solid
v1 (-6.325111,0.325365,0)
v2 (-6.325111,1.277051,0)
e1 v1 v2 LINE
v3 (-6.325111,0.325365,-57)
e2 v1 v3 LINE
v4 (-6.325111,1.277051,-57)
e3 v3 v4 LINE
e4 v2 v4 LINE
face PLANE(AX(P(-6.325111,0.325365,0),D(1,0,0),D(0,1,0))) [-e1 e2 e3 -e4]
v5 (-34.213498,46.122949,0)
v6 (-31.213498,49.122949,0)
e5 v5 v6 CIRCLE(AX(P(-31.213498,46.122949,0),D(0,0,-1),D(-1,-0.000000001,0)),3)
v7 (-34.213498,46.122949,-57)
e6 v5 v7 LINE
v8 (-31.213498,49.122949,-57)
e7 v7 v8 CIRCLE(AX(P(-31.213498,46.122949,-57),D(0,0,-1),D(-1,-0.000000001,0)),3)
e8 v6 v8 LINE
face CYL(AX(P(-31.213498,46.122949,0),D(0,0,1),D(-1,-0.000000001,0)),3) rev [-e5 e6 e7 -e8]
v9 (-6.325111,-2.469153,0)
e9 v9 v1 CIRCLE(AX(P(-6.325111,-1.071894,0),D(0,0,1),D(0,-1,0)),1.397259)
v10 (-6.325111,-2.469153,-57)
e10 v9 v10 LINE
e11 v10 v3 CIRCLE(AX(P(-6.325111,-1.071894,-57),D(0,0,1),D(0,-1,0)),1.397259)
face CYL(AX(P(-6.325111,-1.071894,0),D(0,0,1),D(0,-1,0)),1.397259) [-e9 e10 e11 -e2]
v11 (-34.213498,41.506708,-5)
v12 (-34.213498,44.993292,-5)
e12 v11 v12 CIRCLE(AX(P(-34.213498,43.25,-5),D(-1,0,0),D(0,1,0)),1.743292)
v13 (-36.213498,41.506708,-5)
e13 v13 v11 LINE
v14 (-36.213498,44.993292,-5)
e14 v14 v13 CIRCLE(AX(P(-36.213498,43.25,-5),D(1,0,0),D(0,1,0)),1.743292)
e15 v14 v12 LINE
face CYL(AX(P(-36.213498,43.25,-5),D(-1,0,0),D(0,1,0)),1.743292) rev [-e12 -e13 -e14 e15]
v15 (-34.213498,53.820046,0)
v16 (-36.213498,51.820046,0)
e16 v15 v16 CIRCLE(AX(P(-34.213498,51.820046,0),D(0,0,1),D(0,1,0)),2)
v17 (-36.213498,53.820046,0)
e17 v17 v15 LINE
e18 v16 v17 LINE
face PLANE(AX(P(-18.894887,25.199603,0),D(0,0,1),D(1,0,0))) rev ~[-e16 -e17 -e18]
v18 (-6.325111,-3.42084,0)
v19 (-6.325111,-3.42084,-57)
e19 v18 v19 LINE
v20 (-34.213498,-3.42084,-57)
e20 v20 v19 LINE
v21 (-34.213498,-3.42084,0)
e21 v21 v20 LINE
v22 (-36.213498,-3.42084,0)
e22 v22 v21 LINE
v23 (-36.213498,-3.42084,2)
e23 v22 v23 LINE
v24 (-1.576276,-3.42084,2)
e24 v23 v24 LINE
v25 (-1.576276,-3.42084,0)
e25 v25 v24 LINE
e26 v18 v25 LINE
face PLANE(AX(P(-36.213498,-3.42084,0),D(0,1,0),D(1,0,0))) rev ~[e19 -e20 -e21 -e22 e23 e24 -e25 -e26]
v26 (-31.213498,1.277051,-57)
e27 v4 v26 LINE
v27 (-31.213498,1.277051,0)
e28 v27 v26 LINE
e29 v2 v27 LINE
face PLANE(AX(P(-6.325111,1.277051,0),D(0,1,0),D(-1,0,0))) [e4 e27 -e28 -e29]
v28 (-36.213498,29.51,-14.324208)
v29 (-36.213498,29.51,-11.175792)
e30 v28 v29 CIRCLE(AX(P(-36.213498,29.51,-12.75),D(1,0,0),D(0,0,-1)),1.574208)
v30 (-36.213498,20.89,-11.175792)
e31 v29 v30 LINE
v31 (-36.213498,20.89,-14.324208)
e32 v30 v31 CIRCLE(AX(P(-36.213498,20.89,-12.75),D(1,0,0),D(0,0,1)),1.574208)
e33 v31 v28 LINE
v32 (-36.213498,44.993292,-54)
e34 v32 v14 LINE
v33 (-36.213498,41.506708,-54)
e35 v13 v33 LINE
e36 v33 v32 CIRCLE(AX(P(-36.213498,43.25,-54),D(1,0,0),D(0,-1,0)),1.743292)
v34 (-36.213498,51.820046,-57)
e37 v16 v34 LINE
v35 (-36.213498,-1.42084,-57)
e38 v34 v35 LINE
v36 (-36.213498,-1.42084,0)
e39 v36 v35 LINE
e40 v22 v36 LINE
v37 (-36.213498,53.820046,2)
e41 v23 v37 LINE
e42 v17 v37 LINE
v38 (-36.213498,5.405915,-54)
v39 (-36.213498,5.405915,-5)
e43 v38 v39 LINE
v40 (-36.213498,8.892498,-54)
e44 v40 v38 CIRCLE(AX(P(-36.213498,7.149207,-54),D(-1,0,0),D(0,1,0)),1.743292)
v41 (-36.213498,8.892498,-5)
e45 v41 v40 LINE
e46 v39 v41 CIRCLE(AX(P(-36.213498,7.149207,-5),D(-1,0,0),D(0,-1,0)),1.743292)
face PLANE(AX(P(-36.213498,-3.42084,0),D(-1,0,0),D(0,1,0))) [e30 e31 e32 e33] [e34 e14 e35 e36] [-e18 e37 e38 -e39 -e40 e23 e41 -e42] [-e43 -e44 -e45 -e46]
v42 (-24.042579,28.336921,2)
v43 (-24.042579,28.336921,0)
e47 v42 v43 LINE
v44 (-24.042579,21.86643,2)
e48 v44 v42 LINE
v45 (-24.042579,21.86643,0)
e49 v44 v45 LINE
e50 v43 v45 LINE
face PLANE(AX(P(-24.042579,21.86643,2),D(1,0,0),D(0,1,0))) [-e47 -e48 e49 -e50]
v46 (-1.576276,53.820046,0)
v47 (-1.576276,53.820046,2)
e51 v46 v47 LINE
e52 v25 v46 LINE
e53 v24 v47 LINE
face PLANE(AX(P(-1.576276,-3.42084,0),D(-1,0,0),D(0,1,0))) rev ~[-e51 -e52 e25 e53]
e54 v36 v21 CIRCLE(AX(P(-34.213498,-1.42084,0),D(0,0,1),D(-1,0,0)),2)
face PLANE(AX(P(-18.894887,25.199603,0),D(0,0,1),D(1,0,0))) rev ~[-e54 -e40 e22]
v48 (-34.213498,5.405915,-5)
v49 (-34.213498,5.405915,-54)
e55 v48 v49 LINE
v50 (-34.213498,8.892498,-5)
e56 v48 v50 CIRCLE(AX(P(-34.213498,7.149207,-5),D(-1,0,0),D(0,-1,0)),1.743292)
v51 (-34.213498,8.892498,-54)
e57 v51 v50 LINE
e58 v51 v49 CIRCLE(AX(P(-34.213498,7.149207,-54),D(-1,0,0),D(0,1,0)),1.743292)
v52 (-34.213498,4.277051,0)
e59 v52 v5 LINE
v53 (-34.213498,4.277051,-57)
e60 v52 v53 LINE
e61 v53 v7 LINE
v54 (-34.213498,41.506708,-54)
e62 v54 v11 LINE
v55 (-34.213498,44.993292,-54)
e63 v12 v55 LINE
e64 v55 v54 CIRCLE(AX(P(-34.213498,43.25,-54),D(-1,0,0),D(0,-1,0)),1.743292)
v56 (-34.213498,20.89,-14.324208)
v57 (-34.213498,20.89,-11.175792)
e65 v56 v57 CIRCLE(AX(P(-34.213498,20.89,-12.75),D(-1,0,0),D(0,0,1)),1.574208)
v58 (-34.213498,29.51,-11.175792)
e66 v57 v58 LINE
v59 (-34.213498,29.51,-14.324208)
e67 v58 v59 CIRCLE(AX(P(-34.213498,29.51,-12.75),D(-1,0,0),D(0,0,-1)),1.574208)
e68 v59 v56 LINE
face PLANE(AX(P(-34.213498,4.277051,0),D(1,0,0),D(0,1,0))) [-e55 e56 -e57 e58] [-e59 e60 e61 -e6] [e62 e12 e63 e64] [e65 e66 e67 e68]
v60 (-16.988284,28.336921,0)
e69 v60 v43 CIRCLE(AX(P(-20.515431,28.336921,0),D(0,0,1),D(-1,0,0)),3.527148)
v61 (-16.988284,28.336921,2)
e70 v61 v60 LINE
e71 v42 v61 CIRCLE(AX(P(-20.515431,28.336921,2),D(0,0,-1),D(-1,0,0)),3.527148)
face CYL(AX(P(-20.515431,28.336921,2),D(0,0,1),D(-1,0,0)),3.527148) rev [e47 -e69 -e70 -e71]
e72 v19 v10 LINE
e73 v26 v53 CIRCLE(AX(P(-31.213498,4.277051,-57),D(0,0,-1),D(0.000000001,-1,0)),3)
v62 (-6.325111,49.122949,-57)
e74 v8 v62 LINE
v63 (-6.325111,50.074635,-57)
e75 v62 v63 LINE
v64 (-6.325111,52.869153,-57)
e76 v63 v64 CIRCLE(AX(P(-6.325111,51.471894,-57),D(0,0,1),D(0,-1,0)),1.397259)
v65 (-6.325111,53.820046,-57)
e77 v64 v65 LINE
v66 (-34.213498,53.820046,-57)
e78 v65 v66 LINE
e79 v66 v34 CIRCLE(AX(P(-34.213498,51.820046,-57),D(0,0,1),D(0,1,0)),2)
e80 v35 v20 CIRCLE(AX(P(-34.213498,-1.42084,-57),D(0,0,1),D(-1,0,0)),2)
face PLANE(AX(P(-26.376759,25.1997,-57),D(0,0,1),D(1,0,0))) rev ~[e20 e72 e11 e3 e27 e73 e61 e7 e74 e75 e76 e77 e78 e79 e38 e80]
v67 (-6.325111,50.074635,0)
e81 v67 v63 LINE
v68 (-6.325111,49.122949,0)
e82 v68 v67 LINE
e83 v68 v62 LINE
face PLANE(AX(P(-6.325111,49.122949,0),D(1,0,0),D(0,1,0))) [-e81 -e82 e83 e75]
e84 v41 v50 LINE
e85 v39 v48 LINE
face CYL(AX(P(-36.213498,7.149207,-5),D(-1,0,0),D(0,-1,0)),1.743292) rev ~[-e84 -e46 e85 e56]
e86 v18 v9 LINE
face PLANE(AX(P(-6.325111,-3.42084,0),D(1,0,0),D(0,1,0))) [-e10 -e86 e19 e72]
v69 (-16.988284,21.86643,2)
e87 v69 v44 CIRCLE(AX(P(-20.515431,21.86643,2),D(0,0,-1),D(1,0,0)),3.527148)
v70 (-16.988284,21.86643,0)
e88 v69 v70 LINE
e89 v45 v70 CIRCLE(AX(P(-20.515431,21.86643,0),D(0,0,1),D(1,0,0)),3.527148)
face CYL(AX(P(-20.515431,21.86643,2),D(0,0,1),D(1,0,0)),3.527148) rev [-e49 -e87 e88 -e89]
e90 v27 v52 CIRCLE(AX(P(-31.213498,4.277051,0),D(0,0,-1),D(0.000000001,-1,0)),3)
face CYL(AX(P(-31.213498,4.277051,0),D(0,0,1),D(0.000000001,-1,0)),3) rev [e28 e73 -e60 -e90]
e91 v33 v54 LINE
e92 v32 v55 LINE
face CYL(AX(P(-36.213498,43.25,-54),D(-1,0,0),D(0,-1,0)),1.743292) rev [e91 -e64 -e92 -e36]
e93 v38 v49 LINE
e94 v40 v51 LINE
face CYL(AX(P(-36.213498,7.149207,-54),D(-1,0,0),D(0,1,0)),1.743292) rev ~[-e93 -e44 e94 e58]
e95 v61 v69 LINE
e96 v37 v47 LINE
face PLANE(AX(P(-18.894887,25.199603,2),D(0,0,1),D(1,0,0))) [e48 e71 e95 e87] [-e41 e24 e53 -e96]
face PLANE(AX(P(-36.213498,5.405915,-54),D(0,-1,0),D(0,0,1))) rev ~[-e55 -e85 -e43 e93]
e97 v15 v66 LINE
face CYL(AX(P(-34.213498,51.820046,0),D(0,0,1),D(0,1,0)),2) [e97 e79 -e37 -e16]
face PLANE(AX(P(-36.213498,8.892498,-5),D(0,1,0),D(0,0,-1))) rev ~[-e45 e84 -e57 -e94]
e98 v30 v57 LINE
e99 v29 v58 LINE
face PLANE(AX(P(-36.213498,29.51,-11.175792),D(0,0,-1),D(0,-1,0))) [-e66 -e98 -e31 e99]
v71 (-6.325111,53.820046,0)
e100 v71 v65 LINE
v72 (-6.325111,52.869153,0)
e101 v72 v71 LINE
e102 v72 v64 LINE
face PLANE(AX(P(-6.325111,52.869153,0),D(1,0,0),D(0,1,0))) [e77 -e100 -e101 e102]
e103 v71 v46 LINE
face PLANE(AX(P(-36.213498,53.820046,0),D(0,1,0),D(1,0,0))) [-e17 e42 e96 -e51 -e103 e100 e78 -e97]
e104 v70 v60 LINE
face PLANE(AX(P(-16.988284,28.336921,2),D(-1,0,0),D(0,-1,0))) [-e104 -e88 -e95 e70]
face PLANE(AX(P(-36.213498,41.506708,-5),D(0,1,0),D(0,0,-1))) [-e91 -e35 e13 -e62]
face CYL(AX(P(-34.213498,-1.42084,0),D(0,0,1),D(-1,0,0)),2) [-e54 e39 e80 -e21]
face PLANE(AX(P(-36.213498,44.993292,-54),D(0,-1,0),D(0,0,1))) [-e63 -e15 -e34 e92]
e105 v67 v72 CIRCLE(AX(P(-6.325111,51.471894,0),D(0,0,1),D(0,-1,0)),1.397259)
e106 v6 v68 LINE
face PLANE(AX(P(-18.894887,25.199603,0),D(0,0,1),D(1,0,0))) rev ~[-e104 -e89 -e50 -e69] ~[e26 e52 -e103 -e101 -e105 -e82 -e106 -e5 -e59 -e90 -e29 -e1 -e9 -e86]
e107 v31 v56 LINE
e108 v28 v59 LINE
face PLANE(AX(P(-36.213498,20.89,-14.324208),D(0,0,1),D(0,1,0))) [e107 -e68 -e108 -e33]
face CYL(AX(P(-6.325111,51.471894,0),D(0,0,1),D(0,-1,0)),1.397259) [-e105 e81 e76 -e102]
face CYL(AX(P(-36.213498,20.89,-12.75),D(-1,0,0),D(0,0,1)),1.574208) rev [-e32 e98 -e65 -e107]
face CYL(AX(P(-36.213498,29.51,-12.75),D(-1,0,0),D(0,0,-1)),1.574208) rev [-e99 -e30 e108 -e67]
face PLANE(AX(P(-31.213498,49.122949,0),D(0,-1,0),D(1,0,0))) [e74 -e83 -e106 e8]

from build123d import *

# Parameters (mm, degrees)
CROQUIS1_W              = 34.637221952
CROQUIS1_H              = 57.24088581
SALIENTE_EXTRUIR1_DEPTH = 2
SALIENTE_EXTRUIR2_DEPTH = 57
CORTAR_EXTRUIR1_DEPTH   = 3
CORTAR_EXTRUIR2_DEPTH   = 6
CORTAR_EXTRUIR3_REACH   = 61


with BuildPart() as part:
    # Croquis1 → Saliente-Extruir1 (new body)
    with BuildSketch(Plane.XY):
        with Locations((-18.894886619, 25.199603339)):
            Rectangle(CROQUIS1_W, CROQUIS1_H)
    extrude(amount=SALIENTE_EXTRUIR1_DEPTH)

    # Croquis3 → Saliente-Extruir2 (add)
    with BuildSketch(Plane(origin=(0, 0, 0), x_dir=(-1, 0, 0), z_dir=(0, 0, -1))):
        with BuildLine():
            Line((6.325110646, 52.869153193), (6.325110646, 53.820046244))
            Line((6.325110646, 53.820046244), (34.213497595, 53.820046244))
            ThreePointArc((34.213497595, 53.820046244), (35.627711158, 53.234259806), (36.213497595, 51.820046244))
            Line((36.213497595, 51.820046244), (36.213497595, -1.420839566))
            ThreePointArc((36.213497595, -1.420839566), (35.627711158, -2.835053128), (34.213497595, -3.420839566))
            Line((34.213497595, -3.420839566), (6.325110646, -3.420839566))
            Line((6.325110646, -3.420839566), (6.325110646, -2.469153193))
            ThreePointArc((6.325110646, -2.469153193), (4.927851766, -1.071894313), (6.325110646, 0.325364567))
            Line((6.325110646, 0.325364567), (6.325110646, 1.27705094))
            Line((6.325110646, 1.27705094), (31.213497595, 1.27705094))
            ThreePointArc((31.213497595, 1.27705094), (33.334817939, 2.155730596), (34.213497595, 4.27705094))
            Line((34.213497595, 4.27705094), (34.213497595, 46.12294906))
            ThreePointArc((34.213497595, 46.12294906), (33.334817939, 48.244269404), (31.213497595, 49.12294906))
            Line((31.213497595, 49.12294906), (6.325110646, 49.12294906))
            Line((6.325110646, 49.12294906), (6.325110646, 50.074635433))
            ThreePointArc((6.325110646, 50.074635433), (4.927851766, 51.471894313), (6.325110646, 52.869153193))
        make_face()
    extrude(amount=SALIENTE_EXTRUIR2_DEPTH)

    # Croquis4 → Cortar-Extruir1 (cut)
    with BuildSketch(Plane.ZY.offset(36.213497595)):
        with BuildLine():
            Line((-5, 41.506708279), (-54, 41.506708279))
            ThreePointArc((-54, 41.506708279), (-55.743291721, 43.25), (-54, 44.993291721))
            Line((-54, 44.993291721), (-5, 44.993291721))
            ThreePointArc((-5, 44.993291721), (-3.256708279, 43.25), (-5, 41.506708279))
        make_face()
        with BuildLine():
            Line((-5, 8.892498399), (-54, 8.892498399))
            ThreePointArc((-54, 8.892498399), (-55.743291721, 7.149206678), (-54, 5.405914957))
            Line((-54, 5.405914957), (-5, 5.405914957))
            ThreePointArc((-5, 5.405914957), (-3.256708279, 7.149206678), (-5, 8.892498399))
        make_face()
    extrude(amount=-CORTAR_EXTRUIR1_DEPTH, mode=Mode.SUBTRACT)

    # Croquis5 → Cortar-Extruir2 (cut)
    with BuildSketch(Plane.ZY.offset(36.213497595)):
        with BuildLine():
            Line((-14.324207984, 20.89), (-14.324207984, 29.51))
            ThreePointArc((-14.324207984, 29.51), (-12.75, 31.084207984), (-11.175792016, 29.51))
            Line((-11.175792016, 29.51), (-11.175792016, 20.89))
            ThreePointArc((-11.175792016, 20.89), (-12.75, 19.315792016), (-14.324207984, 20.89))
        make_face()
    extrude(amount=-CORTAR_EXTRUIR2_DEPTH, mode=Mode.SUBTRACT)

    # Croquis6 → Cortar-Extruir3 (cut, up to next)
    with BuildSketch(Plane.XY.offset(2), mode=Mode.PRIVATE) as cortar_extruir3_sk1:
        with BuildLine():
            Line((-24.042578579, 21.866429816), (-24.042578579, 28.336921124))
            ThreePointArc((-24.042578579, 28.336921124), (-20.515431061, 31.864068642), (-16.988283544, 28.336921124))
            Line((-16.988283544, 28.336921124), (-16.988283544, 21.866429816))
            ThreePointArc((-16.988283544, 21.866429816), (-20.515431061, 18.339282299), (-24.042578579, 21.866429816))
        make_face()
    cortar_extruir3_tool1 = extrude(cortar_extruir3_sk1.sketch, amount=-CORTAR_EXTRUIR3_REACH, mode=Mode.PRIVATE) & part.part
    add(cortar_extruir3_tool1.solids().sort_by_distance((-20.515431, 25.101675, 2))[0], mode=Mode.SUBTRACT)


solid = part.part
